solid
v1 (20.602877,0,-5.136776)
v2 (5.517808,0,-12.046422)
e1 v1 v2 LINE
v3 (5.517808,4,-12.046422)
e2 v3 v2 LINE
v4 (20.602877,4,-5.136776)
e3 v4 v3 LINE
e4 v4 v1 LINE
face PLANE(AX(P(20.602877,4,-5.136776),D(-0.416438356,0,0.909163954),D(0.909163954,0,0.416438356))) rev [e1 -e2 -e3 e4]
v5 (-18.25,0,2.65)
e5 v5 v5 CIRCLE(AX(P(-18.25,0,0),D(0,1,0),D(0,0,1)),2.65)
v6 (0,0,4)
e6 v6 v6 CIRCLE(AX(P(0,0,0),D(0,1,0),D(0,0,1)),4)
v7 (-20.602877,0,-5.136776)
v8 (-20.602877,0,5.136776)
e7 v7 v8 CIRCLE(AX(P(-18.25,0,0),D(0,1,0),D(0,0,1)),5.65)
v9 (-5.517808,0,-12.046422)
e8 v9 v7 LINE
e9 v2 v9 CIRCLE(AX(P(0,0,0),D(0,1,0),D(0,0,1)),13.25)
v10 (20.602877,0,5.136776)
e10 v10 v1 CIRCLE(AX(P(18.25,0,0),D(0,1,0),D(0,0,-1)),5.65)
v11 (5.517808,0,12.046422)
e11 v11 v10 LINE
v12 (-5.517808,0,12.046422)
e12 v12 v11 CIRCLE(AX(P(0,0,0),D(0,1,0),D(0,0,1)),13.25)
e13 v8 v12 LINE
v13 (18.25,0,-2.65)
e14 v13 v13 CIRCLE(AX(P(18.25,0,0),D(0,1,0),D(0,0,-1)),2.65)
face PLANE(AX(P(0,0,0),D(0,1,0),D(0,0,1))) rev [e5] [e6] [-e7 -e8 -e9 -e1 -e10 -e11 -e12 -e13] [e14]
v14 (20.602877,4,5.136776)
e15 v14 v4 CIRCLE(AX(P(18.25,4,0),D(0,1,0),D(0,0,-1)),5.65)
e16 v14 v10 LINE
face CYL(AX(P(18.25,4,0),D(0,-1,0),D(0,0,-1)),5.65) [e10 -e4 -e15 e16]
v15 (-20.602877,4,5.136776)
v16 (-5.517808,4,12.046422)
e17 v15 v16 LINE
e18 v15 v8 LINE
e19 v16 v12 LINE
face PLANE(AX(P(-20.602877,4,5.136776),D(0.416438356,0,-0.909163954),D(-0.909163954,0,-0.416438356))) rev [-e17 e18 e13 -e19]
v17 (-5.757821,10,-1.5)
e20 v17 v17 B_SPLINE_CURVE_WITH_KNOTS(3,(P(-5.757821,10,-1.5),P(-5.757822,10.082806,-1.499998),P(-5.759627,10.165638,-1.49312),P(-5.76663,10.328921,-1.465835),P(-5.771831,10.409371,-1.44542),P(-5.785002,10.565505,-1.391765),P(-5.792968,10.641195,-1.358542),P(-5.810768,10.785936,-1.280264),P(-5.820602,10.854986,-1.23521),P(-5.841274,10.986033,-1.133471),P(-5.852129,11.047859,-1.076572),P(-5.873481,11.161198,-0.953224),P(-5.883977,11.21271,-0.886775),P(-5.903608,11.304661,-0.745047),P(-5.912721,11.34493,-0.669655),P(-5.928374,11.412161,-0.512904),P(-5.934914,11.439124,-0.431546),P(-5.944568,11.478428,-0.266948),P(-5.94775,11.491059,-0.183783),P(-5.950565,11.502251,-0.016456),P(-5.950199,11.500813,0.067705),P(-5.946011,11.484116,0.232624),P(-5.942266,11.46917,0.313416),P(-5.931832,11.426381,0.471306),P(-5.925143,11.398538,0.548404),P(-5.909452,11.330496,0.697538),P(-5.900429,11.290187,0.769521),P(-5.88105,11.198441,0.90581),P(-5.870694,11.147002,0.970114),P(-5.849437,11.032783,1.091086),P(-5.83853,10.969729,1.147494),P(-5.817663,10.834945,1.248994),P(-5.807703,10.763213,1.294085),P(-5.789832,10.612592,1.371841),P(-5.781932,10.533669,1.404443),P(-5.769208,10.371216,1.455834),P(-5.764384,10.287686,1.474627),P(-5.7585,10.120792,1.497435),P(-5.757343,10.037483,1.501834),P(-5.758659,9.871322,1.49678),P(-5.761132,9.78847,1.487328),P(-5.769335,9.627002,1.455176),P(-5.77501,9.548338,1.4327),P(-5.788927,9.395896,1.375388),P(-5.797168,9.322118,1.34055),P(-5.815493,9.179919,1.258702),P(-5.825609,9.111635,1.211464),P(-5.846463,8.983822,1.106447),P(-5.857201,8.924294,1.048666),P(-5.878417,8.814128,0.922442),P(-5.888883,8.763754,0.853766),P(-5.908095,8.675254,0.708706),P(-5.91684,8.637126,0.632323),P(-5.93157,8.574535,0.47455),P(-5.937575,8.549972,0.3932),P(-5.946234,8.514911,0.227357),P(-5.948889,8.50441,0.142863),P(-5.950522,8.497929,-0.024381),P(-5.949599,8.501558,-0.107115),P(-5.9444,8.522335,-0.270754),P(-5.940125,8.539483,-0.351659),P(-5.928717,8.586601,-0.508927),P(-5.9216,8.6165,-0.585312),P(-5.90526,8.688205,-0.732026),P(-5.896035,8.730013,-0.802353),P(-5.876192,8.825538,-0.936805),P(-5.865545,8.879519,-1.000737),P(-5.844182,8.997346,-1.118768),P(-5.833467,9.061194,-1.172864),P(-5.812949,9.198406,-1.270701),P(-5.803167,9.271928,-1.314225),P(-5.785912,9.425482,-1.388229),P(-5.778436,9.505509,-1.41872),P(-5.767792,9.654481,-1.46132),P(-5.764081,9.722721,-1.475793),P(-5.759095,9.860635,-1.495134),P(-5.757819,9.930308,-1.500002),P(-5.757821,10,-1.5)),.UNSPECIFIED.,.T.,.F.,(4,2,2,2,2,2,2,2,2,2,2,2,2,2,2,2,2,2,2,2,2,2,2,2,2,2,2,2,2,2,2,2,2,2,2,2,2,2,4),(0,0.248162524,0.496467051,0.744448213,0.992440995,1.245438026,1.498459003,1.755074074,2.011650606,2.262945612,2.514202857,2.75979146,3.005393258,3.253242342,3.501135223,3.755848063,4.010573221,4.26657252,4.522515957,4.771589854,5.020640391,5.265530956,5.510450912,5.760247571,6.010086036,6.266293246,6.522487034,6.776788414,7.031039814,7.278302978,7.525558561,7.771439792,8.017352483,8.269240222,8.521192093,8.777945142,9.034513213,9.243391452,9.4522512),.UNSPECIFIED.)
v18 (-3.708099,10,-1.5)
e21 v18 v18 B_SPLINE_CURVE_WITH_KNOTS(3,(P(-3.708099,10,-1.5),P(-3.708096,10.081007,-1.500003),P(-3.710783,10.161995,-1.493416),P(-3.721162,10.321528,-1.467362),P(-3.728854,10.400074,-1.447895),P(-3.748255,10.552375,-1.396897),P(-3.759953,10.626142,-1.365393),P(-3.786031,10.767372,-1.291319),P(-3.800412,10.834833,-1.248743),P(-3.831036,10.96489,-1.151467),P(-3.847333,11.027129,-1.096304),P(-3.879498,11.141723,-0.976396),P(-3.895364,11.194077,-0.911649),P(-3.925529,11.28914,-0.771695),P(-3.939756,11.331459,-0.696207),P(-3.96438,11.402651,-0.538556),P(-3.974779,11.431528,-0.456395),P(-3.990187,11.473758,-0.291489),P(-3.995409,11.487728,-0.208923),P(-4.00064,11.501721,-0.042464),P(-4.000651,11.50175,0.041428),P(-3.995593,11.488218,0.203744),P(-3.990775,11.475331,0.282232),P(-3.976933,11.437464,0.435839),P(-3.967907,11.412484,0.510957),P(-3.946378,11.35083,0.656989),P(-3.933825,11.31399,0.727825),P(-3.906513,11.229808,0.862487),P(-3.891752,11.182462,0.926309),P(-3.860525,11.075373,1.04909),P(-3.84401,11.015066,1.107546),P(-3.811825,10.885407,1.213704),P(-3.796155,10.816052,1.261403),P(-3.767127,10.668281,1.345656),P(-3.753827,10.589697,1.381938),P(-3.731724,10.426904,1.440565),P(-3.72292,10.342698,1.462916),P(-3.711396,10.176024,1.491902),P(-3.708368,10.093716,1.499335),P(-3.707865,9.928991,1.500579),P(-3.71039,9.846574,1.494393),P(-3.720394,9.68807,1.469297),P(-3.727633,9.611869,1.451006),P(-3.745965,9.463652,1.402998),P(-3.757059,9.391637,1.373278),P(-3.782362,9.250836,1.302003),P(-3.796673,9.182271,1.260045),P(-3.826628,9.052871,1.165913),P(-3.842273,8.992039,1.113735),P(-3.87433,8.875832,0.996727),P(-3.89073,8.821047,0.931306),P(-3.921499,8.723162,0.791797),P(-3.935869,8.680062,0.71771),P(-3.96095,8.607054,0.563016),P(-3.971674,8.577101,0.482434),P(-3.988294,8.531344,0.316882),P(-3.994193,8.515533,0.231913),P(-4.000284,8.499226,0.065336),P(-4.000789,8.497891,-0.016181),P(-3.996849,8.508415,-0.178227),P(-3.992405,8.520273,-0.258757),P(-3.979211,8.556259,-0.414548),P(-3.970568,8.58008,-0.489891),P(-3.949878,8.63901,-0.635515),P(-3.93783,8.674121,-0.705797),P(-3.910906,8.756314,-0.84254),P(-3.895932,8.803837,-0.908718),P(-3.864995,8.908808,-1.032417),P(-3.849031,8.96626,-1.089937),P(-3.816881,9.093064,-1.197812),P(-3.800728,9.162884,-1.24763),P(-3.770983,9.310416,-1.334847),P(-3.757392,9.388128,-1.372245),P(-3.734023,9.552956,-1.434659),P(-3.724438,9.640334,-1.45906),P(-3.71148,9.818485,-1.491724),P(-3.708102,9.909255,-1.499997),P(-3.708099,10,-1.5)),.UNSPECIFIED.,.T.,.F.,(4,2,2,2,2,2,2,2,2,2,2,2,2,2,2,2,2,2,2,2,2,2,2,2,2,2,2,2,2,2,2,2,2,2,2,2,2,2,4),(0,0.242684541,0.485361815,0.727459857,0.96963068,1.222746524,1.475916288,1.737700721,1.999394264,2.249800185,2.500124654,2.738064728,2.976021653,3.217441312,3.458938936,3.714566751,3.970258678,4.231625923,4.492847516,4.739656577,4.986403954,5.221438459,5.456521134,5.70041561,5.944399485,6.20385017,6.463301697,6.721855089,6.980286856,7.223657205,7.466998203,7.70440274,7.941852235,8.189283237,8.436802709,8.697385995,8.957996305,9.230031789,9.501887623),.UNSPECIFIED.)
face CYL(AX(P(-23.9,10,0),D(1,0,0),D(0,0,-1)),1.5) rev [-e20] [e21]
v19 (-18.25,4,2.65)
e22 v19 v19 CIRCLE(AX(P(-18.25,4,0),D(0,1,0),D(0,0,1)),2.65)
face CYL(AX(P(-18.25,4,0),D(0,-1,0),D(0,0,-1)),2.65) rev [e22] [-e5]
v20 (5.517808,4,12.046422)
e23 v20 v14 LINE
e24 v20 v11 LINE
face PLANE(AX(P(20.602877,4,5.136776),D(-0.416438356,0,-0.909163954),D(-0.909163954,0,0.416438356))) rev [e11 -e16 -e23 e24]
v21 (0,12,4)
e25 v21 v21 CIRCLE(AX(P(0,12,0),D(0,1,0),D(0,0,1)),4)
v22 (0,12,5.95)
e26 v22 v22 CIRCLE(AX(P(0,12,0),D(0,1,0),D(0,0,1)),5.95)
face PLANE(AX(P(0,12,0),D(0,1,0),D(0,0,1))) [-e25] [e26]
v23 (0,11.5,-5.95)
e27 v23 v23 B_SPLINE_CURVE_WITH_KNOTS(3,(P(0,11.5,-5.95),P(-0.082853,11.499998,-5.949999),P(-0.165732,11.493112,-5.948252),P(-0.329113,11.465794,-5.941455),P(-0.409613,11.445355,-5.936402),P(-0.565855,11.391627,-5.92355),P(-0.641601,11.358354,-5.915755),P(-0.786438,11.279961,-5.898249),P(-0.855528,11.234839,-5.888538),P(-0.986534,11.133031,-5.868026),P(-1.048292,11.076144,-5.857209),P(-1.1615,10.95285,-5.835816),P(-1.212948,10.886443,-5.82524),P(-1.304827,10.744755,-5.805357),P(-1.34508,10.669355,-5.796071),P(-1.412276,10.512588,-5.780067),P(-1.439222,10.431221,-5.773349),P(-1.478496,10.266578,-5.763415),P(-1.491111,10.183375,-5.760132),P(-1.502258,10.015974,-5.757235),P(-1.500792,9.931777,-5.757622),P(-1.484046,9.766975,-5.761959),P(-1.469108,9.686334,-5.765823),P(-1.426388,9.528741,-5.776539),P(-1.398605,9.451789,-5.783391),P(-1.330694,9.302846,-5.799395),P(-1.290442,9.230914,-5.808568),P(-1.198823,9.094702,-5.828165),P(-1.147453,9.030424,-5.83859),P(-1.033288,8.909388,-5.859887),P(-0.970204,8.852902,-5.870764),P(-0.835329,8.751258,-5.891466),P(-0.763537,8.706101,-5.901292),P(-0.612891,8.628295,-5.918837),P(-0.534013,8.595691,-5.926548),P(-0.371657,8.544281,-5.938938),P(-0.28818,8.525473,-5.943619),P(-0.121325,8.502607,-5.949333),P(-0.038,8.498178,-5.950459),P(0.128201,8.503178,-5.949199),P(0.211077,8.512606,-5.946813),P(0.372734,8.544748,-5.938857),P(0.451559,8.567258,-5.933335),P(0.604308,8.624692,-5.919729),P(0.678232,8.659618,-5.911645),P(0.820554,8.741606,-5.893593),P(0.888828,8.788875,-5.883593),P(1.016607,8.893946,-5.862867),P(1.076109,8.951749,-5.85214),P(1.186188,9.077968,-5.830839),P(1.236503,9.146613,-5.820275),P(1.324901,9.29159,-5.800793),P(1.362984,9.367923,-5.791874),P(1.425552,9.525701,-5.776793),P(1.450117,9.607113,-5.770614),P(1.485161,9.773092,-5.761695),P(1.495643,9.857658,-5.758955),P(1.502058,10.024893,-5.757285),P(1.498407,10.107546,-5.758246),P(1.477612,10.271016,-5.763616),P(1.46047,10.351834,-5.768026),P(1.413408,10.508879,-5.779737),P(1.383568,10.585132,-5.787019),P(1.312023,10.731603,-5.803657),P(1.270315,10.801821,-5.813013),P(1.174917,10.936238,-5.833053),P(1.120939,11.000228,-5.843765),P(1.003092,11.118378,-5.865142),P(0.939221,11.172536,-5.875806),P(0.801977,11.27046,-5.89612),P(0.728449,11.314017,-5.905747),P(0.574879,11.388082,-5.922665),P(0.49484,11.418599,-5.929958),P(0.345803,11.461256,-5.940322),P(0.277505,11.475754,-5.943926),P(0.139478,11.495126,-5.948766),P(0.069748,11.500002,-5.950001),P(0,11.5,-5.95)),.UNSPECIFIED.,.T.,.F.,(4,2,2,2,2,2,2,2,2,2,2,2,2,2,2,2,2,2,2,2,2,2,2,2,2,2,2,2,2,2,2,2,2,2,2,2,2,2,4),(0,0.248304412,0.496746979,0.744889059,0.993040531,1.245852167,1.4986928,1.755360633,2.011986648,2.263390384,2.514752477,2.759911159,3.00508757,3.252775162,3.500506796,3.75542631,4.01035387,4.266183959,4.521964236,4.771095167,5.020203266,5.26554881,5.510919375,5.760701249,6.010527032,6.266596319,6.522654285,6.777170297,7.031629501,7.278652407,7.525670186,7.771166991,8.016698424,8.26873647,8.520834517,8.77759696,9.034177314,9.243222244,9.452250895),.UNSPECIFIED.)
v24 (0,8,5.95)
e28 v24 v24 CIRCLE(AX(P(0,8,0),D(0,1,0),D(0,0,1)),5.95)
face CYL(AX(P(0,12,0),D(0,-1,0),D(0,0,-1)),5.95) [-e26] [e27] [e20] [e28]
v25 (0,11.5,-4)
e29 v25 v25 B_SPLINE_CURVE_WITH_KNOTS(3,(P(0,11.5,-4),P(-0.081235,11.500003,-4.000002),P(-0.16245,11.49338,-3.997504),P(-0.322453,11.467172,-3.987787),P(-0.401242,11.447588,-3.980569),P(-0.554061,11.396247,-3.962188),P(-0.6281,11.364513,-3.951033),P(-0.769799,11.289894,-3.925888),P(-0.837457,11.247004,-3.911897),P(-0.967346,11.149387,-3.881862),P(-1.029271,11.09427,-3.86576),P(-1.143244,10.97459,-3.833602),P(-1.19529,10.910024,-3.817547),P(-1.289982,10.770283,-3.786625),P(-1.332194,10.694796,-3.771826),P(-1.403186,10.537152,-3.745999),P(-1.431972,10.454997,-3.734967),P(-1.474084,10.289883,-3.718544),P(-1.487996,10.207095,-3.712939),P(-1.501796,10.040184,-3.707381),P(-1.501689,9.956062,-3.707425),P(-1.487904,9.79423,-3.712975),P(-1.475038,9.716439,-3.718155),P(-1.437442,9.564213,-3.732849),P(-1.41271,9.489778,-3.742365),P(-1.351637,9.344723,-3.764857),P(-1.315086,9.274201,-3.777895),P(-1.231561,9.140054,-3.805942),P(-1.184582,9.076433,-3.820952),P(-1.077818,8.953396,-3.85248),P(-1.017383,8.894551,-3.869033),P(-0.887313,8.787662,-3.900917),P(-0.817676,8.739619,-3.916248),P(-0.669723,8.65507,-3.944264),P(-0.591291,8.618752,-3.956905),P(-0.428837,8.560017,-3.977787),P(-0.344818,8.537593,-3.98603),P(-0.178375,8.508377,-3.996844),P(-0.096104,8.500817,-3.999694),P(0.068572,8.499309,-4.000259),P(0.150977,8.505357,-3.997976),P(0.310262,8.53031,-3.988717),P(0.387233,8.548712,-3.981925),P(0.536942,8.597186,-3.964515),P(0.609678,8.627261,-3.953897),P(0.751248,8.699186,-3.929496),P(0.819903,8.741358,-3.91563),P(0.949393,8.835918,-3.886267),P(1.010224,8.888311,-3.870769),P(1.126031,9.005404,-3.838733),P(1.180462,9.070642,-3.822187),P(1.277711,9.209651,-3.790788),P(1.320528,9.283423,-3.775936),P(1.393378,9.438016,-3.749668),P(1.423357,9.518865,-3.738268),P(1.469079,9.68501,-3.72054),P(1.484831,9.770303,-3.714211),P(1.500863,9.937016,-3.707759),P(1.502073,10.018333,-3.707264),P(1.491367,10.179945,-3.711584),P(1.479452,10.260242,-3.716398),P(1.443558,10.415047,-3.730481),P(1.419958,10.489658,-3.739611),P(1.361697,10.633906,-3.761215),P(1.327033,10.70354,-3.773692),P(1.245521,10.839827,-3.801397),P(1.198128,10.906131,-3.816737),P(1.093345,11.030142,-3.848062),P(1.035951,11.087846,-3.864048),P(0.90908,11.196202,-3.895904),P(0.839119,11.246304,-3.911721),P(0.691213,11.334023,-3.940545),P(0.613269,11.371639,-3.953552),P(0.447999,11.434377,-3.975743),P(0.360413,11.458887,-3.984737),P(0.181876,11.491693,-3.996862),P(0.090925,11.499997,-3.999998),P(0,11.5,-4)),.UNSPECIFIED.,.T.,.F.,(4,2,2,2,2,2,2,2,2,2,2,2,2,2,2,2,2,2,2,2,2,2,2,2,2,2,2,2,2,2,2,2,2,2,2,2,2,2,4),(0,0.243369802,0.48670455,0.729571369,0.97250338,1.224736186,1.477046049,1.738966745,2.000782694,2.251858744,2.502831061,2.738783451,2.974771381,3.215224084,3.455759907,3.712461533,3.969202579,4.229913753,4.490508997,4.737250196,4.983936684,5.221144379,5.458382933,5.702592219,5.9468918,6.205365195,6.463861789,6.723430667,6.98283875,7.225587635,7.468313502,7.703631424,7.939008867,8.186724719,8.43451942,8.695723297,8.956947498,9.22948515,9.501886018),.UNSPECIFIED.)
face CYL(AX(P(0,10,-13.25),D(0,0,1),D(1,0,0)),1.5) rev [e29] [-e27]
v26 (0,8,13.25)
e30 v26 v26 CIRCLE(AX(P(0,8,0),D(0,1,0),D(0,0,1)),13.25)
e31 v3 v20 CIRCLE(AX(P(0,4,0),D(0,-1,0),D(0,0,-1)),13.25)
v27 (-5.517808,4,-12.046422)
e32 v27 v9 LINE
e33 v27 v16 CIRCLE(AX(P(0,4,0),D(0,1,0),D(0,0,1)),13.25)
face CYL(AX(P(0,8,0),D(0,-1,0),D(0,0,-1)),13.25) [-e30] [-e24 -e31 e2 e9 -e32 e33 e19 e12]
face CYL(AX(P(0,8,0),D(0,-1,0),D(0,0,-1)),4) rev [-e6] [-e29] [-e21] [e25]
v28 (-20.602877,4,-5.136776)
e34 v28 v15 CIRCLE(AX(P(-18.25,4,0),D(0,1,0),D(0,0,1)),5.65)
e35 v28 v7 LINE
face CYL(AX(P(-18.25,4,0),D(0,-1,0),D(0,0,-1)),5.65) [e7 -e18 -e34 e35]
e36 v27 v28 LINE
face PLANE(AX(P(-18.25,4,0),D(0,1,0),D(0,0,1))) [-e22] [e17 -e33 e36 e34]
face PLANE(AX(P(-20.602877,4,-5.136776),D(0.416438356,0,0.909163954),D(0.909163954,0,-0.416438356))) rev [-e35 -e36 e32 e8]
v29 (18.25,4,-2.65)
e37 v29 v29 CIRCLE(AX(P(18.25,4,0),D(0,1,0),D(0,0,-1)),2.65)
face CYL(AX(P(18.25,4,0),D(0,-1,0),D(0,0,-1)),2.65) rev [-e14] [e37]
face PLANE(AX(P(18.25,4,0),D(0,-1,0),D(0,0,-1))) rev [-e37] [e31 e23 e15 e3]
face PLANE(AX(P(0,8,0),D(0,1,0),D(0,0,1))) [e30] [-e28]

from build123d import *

# Parameters (mm, degrees)
SKETCH_1_R            = 13.25
SKETCH_1_R_2          = 4
EXTRUDE_288_DEPTH     = 8
SKETCH_2_R            = 2.65
EXTRUDE_567_DEPTH     = 4
SKETCH_3_R            = 5.95
SKETCH_3_R_2          = 4
EXTRUDE_693_DEPTH     = 4
SKETCH_4_R            = 1.5
CUT_EXTRUDE_831_DEPTH = 14.25
SKETCH_5_R            = 1.5
CUT_EXTRUDE_2_DEPTH   = 24.9


with BuildPart() as part:
    # 草图1 → Extrude 288 (new body)
    with BuildSketch(Plane(origin=(0, 0, 0), x_dir=(1, 0, 0), z_dir=(0, 1, 0))):
        Circle(SKETCH_1_R)
        Circle(SKETCH_1_R_2, mode=Mode.SUBTRACT)
    extrude(amount=EXTRUDE_288_DEPTH)

    # 草图2 → Extrude 567 (add)
    with BuildSketch(Plane(origin=(0, 0, 0), x_dir=(1, 0, 0), z_dir=(0, 1, 0))):
        with BuildLine():
            Line((-20.602876712, -5.136776341), (-5.517808219, -12.046422392))
            Line((-5.517808219, -12.046422392), (-5.517808219, 12.046422392))
            Line((-5.517808219, 12.046422392), (-20.602876712, 5.136776341))
            ThreePointArc((-20.602876712, 5.136776341), (-23.9, 0), (-20.602876712, -5.136776341))
        make_face()
        with Locations((-18.25, 0)):
            Circle(SKETCH_2_R, mode=Mode.SUBTRACT)
        with BuildLine():
            Line((20.602876712, 5.136776341), (5.517808219, 12.046422392))
            Line((5.517808219, 12.046422392), (5.517808219, -12.046422392))
            Line((5.517808219, -12.046422392), (20.602876712, -5.136776341))
            ThreePointArc((20.602876712, -5.136776341), (23.9, 0), (20.602876712, 5.136776341))
        make_face()
        with Locations((18.25, 0)):
            Circle(SKETCH_2_R, mode=Mode.SUBTRACT)
    extrude(amount=EXTRUDE_567_DEPTH)

    # 草图3 → Extrude 693 (add)
    with BuildSketch(Plane(origin=(0, 8, 0), x_dir=(1, 0, 0), z_dir=(0, 1, 0))):
        Circle(SKETCH_3_R)
        Circle(SKETCH_3_R_2, mode=Mode.SUBTRACT)
    extrude(amount=EXTRUDE_693_DEPTH)

    # 草图4 → Cut-Extrude 831 (cut, through all)
    with BuildSketch(Plane.XY):
        with Locations((0, 10)):
            Circle(SKETCH_4_R)
    extrude(amount=-CUT_EXTRUDE_831_DEPTH, mode=Mode.SUBTRACT)

    # 草图5 → 紧定2 (cut, through all)
    with BuildSketch(Plane(origin=(0, 0, 0), x_dir=(0, 0, -1), z_dir=(1, 0, 0))):
        with Locations((0, 10)):
            Circle(SKETCH_5_R)
    extrude(amount=-CUT_EXTRUDE_2_DEPTH, mode=Mode.SUBTRACT)


solid = part.part
